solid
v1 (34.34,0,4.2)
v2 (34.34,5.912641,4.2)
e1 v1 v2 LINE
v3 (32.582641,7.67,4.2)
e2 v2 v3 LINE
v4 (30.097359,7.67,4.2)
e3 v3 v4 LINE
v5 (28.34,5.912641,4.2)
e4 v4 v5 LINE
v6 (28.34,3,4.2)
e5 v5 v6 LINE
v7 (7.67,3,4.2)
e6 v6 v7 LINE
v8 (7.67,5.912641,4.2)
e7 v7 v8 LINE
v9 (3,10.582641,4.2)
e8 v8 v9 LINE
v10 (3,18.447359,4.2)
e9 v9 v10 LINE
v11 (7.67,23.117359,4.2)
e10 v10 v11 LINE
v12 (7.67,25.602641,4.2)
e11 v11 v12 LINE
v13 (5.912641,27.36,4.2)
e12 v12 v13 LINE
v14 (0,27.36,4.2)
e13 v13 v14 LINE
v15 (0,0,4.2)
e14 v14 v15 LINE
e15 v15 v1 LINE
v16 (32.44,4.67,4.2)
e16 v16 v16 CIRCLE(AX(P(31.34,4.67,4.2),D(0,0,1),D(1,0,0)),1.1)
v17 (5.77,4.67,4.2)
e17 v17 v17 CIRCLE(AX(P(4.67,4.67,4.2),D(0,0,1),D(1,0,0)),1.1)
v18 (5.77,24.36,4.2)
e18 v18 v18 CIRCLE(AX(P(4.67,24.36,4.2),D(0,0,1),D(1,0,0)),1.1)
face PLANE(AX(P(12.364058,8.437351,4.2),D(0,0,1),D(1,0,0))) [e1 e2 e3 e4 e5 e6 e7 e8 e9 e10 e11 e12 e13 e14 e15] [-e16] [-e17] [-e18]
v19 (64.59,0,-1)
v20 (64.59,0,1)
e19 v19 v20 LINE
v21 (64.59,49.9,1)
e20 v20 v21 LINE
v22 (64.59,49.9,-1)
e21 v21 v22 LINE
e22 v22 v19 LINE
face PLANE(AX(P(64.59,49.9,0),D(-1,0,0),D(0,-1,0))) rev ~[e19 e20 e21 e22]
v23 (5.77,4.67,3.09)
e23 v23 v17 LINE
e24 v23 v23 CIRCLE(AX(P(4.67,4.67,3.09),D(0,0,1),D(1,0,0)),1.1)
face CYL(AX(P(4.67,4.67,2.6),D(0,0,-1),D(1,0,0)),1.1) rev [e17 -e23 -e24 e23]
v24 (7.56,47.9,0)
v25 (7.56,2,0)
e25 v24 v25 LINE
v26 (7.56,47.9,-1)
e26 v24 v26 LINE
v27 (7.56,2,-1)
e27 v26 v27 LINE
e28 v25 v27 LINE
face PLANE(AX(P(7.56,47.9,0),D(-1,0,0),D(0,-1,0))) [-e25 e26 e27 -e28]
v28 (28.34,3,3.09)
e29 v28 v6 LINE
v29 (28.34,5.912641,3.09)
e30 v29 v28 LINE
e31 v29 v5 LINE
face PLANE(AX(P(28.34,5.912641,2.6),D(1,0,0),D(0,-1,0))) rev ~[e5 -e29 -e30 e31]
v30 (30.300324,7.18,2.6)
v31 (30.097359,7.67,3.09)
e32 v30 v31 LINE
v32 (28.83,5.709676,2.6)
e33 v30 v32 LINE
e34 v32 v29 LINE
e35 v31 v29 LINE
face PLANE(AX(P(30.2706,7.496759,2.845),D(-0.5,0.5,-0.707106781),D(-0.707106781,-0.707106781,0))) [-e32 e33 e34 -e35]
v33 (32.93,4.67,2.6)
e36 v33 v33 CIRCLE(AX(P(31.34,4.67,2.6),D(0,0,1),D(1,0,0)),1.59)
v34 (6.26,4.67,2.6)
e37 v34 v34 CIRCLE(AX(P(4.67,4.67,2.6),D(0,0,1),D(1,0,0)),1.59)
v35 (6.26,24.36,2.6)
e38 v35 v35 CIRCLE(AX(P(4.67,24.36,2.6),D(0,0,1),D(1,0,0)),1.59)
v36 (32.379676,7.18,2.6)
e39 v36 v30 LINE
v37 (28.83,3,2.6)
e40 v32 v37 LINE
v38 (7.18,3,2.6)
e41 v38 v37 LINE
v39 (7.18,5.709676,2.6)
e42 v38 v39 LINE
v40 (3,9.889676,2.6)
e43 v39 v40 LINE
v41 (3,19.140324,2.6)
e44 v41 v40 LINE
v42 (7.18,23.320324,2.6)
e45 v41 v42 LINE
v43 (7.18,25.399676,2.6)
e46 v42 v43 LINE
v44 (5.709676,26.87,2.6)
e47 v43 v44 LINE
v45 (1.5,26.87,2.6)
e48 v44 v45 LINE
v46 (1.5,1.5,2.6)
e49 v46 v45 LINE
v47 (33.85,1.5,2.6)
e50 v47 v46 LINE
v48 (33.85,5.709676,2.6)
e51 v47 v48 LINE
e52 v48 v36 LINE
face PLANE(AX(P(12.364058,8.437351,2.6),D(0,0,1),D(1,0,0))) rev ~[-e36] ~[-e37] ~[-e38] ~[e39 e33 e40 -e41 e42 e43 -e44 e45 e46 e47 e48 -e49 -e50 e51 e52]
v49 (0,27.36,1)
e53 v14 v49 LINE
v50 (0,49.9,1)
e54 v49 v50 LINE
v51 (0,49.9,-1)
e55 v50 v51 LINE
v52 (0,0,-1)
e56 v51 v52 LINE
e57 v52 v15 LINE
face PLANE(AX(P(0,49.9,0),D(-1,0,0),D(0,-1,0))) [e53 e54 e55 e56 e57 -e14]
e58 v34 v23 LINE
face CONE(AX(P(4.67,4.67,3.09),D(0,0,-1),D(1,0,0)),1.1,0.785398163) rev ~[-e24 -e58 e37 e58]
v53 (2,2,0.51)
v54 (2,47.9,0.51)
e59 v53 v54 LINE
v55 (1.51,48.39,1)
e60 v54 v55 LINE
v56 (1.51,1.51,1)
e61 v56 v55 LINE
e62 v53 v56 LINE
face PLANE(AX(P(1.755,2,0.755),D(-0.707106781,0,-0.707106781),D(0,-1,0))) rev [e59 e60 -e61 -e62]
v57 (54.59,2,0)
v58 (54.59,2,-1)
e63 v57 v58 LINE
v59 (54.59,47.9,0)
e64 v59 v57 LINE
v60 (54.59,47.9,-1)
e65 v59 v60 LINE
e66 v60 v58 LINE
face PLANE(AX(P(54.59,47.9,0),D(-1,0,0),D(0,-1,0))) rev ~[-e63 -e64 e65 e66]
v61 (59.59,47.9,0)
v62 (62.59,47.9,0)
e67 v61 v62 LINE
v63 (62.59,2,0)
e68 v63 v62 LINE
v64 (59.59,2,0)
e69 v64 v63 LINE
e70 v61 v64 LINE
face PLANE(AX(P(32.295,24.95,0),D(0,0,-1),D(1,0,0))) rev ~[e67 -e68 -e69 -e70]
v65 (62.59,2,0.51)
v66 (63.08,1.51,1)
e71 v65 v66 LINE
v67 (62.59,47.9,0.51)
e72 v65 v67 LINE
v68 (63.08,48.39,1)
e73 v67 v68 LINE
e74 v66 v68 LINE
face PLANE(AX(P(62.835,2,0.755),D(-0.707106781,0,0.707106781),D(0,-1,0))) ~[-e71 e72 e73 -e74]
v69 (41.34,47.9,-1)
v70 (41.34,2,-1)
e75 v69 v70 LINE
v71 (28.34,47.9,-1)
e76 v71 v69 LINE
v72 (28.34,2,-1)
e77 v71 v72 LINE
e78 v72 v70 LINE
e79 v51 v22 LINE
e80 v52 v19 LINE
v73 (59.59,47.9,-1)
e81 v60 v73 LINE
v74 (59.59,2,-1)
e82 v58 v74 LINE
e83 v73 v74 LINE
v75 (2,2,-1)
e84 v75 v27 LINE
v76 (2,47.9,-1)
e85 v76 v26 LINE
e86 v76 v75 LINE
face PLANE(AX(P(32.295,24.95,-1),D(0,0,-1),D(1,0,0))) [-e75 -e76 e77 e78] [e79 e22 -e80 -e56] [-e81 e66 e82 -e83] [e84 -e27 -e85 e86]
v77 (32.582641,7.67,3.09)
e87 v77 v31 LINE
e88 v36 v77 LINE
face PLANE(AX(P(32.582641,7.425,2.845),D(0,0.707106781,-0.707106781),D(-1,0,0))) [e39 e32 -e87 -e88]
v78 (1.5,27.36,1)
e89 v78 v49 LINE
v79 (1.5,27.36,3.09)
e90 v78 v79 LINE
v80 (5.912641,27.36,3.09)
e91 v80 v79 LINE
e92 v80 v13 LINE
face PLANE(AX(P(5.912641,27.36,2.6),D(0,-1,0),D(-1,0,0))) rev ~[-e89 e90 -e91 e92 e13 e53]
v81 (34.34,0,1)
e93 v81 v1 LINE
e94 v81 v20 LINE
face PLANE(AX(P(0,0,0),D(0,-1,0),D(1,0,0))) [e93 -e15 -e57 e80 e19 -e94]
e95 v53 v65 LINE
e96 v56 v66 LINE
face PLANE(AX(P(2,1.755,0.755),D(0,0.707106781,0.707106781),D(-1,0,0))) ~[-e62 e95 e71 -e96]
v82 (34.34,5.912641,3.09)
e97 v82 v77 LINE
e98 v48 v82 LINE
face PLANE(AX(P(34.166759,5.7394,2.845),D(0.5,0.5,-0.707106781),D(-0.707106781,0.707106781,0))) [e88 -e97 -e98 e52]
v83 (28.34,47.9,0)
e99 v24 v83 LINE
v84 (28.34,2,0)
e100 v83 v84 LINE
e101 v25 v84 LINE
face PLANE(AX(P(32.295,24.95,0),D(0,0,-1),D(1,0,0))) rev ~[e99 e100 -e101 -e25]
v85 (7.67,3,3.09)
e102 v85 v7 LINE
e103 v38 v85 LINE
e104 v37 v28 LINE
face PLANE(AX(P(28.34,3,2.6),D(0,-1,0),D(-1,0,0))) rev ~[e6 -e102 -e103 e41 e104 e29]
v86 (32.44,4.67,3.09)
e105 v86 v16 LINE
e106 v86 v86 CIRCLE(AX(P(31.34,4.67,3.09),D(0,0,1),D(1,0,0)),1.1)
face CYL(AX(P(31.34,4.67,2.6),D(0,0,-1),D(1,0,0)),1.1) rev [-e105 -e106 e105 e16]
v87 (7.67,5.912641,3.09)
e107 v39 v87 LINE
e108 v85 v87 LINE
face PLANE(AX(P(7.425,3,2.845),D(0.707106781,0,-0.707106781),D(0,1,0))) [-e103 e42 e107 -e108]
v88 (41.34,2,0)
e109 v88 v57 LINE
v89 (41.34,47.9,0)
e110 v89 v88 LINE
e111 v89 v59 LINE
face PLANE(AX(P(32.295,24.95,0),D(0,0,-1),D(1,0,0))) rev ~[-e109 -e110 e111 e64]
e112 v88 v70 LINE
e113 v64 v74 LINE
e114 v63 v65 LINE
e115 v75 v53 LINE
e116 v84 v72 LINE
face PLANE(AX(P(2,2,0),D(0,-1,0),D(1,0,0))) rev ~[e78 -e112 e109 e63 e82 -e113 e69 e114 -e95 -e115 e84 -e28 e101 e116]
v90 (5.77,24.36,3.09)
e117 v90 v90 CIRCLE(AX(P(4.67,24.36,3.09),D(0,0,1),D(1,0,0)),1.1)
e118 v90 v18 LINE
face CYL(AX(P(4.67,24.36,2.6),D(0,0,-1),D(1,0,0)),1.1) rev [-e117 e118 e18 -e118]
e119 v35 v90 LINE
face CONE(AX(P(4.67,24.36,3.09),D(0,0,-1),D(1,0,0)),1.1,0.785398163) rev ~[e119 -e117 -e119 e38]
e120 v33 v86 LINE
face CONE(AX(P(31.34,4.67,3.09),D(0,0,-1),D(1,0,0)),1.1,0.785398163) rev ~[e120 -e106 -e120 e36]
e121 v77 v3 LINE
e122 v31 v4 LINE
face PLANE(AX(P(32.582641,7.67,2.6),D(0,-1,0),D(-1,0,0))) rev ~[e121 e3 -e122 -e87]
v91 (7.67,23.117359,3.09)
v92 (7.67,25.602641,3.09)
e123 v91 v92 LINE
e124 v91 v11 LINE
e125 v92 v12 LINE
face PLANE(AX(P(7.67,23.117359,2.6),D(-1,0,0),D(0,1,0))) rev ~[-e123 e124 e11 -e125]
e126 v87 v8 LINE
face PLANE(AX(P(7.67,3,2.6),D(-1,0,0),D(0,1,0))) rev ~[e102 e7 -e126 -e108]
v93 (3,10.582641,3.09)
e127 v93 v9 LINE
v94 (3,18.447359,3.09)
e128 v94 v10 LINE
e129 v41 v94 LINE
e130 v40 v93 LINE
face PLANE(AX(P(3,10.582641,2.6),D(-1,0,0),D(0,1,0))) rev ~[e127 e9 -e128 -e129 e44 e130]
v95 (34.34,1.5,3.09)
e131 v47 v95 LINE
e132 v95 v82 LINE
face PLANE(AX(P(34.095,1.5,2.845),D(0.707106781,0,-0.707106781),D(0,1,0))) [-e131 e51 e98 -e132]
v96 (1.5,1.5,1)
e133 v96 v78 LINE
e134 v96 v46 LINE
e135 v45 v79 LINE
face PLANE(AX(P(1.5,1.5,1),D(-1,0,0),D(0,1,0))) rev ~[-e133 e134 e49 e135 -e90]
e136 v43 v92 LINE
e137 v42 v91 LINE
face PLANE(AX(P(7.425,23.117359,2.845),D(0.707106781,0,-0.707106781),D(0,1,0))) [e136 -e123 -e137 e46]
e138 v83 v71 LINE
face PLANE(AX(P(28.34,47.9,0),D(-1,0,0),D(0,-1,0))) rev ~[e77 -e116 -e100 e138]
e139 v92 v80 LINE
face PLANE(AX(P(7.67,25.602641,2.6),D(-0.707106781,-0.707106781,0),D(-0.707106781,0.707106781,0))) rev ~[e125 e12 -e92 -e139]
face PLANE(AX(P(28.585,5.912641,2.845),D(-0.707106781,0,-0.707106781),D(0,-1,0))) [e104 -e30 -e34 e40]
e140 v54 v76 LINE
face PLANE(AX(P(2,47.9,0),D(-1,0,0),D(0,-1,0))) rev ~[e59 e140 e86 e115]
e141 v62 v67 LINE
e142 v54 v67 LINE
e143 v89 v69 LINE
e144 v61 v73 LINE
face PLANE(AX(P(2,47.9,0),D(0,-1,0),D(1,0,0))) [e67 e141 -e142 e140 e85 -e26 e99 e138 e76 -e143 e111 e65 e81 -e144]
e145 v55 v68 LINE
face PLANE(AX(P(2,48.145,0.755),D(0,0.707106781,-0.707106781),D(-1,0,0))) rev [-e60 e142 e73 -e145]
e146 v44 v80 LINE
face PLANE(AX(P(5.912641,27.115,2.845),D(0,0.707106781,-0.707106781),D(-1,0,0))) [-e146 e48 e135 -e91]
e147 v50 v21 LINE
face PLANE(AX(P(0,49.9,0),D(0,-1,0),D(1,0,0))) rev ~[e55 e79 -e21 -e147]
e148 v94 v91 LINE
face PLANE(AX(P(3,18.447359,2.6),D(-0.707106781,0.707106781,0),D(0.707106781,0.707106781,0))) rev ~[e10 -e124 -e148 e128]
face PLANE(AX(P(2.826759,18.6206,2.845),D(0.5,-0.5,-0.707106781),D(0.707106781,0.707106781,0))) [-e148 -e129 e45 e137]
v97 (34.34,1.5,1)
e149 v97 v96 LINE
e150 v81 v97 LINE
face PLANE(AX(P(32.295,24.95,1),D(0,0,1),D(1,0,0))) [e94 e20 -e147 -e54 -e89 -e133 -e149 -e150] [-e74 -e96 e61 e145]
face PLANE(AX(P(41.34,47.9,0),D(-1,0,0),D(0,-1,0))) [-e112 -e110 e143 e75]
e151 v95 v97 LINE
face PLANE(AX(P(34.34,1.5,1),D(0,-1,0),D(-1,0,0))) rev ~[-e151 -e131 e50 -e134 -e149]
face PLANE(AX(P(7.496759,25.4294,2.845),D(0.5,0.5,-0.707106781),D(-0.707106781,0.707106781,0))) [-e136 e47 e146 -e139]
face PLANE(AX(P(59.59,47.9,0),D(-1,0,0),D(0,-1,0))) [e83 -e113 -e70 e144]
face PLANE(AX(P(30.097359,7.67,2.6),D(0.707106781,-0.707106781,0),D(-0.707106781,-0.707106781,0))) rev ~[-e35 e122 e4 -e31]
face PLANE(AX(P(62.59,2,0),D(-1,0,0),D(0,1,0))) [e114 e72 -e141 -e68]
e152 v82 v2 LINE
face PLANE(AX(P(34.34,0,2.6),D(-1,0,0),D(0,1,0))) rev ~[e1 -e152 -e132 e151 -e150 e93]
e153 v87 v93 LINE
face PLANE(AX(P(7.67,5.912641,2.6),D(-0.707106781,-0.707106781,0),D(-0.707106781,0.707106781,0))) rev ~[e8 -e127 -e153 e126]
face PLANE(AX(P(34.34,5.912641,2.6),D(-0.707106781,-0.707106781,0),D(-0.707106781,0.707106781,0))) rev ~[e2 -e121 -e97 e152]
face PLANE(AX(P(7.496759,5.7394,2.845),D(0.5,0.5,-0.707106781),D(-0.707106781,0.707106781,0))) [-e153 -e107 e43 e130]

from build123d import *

# Parameters (mm, degrees)
SKETCH002_W     = 64.59
SKETCH002_H     = 49.9
SKETCH002_W_2   = 60.59
SKETCH002_H_2   = 45.9
PAD_DEPTH       = 1
PAD001_DEPTH    = 1.6
SKETCH005_R     = 1.1
PAD002_DEPTH    = 1.6
CHAMFER_SIZE    = 0.49
SKETCH_W        = 64.59
SKETCH_H        = 49.9
SKETCH_W_2      = 13
SKETCH_H_2      = 45.9
SKETCH_W_3      = 5
SKETCH_W_4      = 5.56
PAD003_DEPTH    = 1
CHAMFER001_SIZE = 0.49


with BuildPart() as part:
    # Sketch002 → Pad (new body)
    with BuildSketch(Plane.XY):
        with Locations((32.295, 24.95)):
            Rectangle(SKETCH002_W, SKETCH002_H)
        with Locations((32.295, 24.95)):
            Rectangle(SKETCH002_W_2, SKETCH002_H_2, mode=Mode.SUBTRACT)
    extrude(amount=PAD_DEPTH)

    # Sketch006 (on Face10 of Pad) → Pad001 (join)
    with BuildSketch(Plane.XY.offset(1)):
        Polygon((0, 27.36), (0, 0), (34.34, 0), (34.34, 1.5), (1.5, 1.5), (1.5, 27.36), align=None)
    extrude(amount=PAD001_DEPTH)

    # Sketch005 (on Face17 of Pad001) → Pad002 (join)
    with BuildSketch(Plane.XY.offset(2.6)):
        Polygon((0, 0), (34.34, 0), (34.34, 5.912641), (32.582641, 7.67), (30.097359, 7.67), (28.34, 5.912641), (28.34, 3), (7.67, 3), (7.67, 5.912641), (3, 10.582641), (3, 18.447359), (7.67, 23.117359), (7.67, 25.602641), (5.912641, 27.36), (0, 27.36), align=None)
        with Locations((31.34, 4.67)):
            Circle(SKETCH005_R, mode=Mode.SUBTRACT)
        with Locations((4.67, 24.36)):
            Circle(SKETCH005_R, mode=Mode.SUBTRACT)
        with Locations((4.67, 4.67)):
            Circle(SKETCH005_R, mode=Mode.SUBTRACT)
    extrude(amount=PAD002_DEPTH)

    # Chamfer
    chamfer_edges = [part.edges().sort_by_distance(p)[0] for p in [
        (2, 24.95, 1),
        (32.295, 2, 1),
        (62.59, 24.95, 1),
        (32.295, 47.9, 1),
    ]]
    chamfer(chamfer_edges, length=CHAMFER_SIZE)

    # Sketch (on Face18 of Chamfer) → Pad003 (join)
    with BuildSketch(Plane(origin=(0, 0, 0), x_dir=(1, 0, 0), z_dir=(0, 0, -1))):
        with Locations((32.295, -24.95)):
            Rectangle(SKETCH_W, SKETCH_H)
        with Locations((34.84, -24.95)):
            Rectangle(SKETCH_W_2, SKETCH_H_2, mode=Mode.SUBTRACT)
        with Locations((57.09, -24.95)):
            Rectangle(SKETCH_W_3, SKETCH_H_2, mode=Mode.SUBTRACT)
        with Locations((4.78, -24.95)):
            Rectangle(SKETCH_W_4, SKETCH_H_2, mode=Mode.SUBTRACT)
    extrude(amount=PAD003_DEPTH)

    # Chamfer001
    chamfer001_edges = [part.edges().sort_by_distance(p)[0] for p in [
        (34.34, 3.70632, 2.6),
        (33.46132, 6.79132, 2.6),
        (30.24, 4.67, 2.6),
        (31.34, 7.67, 2.6),
        (29.21868, 6.79132, 2.6),
        (28.34, 4.45632, 2.6),
        (7.67, 4.45632, 2.6),
        (5.335, 8.247641, 2.6),
        (3.70632, 27.36, 2.6),
        (6.79132, 26.48132, 2.6),
        (7.67, 24.36, 2.6),
        (5.335, 20.782359, 2.6),
        (3.57, 4.67, 2.6),
        (3.57, 24.36, 2.6),
    ]]
    chamfer(chamfer001_edges, length=CHAMFER001_SIZE)


solid = part.part
